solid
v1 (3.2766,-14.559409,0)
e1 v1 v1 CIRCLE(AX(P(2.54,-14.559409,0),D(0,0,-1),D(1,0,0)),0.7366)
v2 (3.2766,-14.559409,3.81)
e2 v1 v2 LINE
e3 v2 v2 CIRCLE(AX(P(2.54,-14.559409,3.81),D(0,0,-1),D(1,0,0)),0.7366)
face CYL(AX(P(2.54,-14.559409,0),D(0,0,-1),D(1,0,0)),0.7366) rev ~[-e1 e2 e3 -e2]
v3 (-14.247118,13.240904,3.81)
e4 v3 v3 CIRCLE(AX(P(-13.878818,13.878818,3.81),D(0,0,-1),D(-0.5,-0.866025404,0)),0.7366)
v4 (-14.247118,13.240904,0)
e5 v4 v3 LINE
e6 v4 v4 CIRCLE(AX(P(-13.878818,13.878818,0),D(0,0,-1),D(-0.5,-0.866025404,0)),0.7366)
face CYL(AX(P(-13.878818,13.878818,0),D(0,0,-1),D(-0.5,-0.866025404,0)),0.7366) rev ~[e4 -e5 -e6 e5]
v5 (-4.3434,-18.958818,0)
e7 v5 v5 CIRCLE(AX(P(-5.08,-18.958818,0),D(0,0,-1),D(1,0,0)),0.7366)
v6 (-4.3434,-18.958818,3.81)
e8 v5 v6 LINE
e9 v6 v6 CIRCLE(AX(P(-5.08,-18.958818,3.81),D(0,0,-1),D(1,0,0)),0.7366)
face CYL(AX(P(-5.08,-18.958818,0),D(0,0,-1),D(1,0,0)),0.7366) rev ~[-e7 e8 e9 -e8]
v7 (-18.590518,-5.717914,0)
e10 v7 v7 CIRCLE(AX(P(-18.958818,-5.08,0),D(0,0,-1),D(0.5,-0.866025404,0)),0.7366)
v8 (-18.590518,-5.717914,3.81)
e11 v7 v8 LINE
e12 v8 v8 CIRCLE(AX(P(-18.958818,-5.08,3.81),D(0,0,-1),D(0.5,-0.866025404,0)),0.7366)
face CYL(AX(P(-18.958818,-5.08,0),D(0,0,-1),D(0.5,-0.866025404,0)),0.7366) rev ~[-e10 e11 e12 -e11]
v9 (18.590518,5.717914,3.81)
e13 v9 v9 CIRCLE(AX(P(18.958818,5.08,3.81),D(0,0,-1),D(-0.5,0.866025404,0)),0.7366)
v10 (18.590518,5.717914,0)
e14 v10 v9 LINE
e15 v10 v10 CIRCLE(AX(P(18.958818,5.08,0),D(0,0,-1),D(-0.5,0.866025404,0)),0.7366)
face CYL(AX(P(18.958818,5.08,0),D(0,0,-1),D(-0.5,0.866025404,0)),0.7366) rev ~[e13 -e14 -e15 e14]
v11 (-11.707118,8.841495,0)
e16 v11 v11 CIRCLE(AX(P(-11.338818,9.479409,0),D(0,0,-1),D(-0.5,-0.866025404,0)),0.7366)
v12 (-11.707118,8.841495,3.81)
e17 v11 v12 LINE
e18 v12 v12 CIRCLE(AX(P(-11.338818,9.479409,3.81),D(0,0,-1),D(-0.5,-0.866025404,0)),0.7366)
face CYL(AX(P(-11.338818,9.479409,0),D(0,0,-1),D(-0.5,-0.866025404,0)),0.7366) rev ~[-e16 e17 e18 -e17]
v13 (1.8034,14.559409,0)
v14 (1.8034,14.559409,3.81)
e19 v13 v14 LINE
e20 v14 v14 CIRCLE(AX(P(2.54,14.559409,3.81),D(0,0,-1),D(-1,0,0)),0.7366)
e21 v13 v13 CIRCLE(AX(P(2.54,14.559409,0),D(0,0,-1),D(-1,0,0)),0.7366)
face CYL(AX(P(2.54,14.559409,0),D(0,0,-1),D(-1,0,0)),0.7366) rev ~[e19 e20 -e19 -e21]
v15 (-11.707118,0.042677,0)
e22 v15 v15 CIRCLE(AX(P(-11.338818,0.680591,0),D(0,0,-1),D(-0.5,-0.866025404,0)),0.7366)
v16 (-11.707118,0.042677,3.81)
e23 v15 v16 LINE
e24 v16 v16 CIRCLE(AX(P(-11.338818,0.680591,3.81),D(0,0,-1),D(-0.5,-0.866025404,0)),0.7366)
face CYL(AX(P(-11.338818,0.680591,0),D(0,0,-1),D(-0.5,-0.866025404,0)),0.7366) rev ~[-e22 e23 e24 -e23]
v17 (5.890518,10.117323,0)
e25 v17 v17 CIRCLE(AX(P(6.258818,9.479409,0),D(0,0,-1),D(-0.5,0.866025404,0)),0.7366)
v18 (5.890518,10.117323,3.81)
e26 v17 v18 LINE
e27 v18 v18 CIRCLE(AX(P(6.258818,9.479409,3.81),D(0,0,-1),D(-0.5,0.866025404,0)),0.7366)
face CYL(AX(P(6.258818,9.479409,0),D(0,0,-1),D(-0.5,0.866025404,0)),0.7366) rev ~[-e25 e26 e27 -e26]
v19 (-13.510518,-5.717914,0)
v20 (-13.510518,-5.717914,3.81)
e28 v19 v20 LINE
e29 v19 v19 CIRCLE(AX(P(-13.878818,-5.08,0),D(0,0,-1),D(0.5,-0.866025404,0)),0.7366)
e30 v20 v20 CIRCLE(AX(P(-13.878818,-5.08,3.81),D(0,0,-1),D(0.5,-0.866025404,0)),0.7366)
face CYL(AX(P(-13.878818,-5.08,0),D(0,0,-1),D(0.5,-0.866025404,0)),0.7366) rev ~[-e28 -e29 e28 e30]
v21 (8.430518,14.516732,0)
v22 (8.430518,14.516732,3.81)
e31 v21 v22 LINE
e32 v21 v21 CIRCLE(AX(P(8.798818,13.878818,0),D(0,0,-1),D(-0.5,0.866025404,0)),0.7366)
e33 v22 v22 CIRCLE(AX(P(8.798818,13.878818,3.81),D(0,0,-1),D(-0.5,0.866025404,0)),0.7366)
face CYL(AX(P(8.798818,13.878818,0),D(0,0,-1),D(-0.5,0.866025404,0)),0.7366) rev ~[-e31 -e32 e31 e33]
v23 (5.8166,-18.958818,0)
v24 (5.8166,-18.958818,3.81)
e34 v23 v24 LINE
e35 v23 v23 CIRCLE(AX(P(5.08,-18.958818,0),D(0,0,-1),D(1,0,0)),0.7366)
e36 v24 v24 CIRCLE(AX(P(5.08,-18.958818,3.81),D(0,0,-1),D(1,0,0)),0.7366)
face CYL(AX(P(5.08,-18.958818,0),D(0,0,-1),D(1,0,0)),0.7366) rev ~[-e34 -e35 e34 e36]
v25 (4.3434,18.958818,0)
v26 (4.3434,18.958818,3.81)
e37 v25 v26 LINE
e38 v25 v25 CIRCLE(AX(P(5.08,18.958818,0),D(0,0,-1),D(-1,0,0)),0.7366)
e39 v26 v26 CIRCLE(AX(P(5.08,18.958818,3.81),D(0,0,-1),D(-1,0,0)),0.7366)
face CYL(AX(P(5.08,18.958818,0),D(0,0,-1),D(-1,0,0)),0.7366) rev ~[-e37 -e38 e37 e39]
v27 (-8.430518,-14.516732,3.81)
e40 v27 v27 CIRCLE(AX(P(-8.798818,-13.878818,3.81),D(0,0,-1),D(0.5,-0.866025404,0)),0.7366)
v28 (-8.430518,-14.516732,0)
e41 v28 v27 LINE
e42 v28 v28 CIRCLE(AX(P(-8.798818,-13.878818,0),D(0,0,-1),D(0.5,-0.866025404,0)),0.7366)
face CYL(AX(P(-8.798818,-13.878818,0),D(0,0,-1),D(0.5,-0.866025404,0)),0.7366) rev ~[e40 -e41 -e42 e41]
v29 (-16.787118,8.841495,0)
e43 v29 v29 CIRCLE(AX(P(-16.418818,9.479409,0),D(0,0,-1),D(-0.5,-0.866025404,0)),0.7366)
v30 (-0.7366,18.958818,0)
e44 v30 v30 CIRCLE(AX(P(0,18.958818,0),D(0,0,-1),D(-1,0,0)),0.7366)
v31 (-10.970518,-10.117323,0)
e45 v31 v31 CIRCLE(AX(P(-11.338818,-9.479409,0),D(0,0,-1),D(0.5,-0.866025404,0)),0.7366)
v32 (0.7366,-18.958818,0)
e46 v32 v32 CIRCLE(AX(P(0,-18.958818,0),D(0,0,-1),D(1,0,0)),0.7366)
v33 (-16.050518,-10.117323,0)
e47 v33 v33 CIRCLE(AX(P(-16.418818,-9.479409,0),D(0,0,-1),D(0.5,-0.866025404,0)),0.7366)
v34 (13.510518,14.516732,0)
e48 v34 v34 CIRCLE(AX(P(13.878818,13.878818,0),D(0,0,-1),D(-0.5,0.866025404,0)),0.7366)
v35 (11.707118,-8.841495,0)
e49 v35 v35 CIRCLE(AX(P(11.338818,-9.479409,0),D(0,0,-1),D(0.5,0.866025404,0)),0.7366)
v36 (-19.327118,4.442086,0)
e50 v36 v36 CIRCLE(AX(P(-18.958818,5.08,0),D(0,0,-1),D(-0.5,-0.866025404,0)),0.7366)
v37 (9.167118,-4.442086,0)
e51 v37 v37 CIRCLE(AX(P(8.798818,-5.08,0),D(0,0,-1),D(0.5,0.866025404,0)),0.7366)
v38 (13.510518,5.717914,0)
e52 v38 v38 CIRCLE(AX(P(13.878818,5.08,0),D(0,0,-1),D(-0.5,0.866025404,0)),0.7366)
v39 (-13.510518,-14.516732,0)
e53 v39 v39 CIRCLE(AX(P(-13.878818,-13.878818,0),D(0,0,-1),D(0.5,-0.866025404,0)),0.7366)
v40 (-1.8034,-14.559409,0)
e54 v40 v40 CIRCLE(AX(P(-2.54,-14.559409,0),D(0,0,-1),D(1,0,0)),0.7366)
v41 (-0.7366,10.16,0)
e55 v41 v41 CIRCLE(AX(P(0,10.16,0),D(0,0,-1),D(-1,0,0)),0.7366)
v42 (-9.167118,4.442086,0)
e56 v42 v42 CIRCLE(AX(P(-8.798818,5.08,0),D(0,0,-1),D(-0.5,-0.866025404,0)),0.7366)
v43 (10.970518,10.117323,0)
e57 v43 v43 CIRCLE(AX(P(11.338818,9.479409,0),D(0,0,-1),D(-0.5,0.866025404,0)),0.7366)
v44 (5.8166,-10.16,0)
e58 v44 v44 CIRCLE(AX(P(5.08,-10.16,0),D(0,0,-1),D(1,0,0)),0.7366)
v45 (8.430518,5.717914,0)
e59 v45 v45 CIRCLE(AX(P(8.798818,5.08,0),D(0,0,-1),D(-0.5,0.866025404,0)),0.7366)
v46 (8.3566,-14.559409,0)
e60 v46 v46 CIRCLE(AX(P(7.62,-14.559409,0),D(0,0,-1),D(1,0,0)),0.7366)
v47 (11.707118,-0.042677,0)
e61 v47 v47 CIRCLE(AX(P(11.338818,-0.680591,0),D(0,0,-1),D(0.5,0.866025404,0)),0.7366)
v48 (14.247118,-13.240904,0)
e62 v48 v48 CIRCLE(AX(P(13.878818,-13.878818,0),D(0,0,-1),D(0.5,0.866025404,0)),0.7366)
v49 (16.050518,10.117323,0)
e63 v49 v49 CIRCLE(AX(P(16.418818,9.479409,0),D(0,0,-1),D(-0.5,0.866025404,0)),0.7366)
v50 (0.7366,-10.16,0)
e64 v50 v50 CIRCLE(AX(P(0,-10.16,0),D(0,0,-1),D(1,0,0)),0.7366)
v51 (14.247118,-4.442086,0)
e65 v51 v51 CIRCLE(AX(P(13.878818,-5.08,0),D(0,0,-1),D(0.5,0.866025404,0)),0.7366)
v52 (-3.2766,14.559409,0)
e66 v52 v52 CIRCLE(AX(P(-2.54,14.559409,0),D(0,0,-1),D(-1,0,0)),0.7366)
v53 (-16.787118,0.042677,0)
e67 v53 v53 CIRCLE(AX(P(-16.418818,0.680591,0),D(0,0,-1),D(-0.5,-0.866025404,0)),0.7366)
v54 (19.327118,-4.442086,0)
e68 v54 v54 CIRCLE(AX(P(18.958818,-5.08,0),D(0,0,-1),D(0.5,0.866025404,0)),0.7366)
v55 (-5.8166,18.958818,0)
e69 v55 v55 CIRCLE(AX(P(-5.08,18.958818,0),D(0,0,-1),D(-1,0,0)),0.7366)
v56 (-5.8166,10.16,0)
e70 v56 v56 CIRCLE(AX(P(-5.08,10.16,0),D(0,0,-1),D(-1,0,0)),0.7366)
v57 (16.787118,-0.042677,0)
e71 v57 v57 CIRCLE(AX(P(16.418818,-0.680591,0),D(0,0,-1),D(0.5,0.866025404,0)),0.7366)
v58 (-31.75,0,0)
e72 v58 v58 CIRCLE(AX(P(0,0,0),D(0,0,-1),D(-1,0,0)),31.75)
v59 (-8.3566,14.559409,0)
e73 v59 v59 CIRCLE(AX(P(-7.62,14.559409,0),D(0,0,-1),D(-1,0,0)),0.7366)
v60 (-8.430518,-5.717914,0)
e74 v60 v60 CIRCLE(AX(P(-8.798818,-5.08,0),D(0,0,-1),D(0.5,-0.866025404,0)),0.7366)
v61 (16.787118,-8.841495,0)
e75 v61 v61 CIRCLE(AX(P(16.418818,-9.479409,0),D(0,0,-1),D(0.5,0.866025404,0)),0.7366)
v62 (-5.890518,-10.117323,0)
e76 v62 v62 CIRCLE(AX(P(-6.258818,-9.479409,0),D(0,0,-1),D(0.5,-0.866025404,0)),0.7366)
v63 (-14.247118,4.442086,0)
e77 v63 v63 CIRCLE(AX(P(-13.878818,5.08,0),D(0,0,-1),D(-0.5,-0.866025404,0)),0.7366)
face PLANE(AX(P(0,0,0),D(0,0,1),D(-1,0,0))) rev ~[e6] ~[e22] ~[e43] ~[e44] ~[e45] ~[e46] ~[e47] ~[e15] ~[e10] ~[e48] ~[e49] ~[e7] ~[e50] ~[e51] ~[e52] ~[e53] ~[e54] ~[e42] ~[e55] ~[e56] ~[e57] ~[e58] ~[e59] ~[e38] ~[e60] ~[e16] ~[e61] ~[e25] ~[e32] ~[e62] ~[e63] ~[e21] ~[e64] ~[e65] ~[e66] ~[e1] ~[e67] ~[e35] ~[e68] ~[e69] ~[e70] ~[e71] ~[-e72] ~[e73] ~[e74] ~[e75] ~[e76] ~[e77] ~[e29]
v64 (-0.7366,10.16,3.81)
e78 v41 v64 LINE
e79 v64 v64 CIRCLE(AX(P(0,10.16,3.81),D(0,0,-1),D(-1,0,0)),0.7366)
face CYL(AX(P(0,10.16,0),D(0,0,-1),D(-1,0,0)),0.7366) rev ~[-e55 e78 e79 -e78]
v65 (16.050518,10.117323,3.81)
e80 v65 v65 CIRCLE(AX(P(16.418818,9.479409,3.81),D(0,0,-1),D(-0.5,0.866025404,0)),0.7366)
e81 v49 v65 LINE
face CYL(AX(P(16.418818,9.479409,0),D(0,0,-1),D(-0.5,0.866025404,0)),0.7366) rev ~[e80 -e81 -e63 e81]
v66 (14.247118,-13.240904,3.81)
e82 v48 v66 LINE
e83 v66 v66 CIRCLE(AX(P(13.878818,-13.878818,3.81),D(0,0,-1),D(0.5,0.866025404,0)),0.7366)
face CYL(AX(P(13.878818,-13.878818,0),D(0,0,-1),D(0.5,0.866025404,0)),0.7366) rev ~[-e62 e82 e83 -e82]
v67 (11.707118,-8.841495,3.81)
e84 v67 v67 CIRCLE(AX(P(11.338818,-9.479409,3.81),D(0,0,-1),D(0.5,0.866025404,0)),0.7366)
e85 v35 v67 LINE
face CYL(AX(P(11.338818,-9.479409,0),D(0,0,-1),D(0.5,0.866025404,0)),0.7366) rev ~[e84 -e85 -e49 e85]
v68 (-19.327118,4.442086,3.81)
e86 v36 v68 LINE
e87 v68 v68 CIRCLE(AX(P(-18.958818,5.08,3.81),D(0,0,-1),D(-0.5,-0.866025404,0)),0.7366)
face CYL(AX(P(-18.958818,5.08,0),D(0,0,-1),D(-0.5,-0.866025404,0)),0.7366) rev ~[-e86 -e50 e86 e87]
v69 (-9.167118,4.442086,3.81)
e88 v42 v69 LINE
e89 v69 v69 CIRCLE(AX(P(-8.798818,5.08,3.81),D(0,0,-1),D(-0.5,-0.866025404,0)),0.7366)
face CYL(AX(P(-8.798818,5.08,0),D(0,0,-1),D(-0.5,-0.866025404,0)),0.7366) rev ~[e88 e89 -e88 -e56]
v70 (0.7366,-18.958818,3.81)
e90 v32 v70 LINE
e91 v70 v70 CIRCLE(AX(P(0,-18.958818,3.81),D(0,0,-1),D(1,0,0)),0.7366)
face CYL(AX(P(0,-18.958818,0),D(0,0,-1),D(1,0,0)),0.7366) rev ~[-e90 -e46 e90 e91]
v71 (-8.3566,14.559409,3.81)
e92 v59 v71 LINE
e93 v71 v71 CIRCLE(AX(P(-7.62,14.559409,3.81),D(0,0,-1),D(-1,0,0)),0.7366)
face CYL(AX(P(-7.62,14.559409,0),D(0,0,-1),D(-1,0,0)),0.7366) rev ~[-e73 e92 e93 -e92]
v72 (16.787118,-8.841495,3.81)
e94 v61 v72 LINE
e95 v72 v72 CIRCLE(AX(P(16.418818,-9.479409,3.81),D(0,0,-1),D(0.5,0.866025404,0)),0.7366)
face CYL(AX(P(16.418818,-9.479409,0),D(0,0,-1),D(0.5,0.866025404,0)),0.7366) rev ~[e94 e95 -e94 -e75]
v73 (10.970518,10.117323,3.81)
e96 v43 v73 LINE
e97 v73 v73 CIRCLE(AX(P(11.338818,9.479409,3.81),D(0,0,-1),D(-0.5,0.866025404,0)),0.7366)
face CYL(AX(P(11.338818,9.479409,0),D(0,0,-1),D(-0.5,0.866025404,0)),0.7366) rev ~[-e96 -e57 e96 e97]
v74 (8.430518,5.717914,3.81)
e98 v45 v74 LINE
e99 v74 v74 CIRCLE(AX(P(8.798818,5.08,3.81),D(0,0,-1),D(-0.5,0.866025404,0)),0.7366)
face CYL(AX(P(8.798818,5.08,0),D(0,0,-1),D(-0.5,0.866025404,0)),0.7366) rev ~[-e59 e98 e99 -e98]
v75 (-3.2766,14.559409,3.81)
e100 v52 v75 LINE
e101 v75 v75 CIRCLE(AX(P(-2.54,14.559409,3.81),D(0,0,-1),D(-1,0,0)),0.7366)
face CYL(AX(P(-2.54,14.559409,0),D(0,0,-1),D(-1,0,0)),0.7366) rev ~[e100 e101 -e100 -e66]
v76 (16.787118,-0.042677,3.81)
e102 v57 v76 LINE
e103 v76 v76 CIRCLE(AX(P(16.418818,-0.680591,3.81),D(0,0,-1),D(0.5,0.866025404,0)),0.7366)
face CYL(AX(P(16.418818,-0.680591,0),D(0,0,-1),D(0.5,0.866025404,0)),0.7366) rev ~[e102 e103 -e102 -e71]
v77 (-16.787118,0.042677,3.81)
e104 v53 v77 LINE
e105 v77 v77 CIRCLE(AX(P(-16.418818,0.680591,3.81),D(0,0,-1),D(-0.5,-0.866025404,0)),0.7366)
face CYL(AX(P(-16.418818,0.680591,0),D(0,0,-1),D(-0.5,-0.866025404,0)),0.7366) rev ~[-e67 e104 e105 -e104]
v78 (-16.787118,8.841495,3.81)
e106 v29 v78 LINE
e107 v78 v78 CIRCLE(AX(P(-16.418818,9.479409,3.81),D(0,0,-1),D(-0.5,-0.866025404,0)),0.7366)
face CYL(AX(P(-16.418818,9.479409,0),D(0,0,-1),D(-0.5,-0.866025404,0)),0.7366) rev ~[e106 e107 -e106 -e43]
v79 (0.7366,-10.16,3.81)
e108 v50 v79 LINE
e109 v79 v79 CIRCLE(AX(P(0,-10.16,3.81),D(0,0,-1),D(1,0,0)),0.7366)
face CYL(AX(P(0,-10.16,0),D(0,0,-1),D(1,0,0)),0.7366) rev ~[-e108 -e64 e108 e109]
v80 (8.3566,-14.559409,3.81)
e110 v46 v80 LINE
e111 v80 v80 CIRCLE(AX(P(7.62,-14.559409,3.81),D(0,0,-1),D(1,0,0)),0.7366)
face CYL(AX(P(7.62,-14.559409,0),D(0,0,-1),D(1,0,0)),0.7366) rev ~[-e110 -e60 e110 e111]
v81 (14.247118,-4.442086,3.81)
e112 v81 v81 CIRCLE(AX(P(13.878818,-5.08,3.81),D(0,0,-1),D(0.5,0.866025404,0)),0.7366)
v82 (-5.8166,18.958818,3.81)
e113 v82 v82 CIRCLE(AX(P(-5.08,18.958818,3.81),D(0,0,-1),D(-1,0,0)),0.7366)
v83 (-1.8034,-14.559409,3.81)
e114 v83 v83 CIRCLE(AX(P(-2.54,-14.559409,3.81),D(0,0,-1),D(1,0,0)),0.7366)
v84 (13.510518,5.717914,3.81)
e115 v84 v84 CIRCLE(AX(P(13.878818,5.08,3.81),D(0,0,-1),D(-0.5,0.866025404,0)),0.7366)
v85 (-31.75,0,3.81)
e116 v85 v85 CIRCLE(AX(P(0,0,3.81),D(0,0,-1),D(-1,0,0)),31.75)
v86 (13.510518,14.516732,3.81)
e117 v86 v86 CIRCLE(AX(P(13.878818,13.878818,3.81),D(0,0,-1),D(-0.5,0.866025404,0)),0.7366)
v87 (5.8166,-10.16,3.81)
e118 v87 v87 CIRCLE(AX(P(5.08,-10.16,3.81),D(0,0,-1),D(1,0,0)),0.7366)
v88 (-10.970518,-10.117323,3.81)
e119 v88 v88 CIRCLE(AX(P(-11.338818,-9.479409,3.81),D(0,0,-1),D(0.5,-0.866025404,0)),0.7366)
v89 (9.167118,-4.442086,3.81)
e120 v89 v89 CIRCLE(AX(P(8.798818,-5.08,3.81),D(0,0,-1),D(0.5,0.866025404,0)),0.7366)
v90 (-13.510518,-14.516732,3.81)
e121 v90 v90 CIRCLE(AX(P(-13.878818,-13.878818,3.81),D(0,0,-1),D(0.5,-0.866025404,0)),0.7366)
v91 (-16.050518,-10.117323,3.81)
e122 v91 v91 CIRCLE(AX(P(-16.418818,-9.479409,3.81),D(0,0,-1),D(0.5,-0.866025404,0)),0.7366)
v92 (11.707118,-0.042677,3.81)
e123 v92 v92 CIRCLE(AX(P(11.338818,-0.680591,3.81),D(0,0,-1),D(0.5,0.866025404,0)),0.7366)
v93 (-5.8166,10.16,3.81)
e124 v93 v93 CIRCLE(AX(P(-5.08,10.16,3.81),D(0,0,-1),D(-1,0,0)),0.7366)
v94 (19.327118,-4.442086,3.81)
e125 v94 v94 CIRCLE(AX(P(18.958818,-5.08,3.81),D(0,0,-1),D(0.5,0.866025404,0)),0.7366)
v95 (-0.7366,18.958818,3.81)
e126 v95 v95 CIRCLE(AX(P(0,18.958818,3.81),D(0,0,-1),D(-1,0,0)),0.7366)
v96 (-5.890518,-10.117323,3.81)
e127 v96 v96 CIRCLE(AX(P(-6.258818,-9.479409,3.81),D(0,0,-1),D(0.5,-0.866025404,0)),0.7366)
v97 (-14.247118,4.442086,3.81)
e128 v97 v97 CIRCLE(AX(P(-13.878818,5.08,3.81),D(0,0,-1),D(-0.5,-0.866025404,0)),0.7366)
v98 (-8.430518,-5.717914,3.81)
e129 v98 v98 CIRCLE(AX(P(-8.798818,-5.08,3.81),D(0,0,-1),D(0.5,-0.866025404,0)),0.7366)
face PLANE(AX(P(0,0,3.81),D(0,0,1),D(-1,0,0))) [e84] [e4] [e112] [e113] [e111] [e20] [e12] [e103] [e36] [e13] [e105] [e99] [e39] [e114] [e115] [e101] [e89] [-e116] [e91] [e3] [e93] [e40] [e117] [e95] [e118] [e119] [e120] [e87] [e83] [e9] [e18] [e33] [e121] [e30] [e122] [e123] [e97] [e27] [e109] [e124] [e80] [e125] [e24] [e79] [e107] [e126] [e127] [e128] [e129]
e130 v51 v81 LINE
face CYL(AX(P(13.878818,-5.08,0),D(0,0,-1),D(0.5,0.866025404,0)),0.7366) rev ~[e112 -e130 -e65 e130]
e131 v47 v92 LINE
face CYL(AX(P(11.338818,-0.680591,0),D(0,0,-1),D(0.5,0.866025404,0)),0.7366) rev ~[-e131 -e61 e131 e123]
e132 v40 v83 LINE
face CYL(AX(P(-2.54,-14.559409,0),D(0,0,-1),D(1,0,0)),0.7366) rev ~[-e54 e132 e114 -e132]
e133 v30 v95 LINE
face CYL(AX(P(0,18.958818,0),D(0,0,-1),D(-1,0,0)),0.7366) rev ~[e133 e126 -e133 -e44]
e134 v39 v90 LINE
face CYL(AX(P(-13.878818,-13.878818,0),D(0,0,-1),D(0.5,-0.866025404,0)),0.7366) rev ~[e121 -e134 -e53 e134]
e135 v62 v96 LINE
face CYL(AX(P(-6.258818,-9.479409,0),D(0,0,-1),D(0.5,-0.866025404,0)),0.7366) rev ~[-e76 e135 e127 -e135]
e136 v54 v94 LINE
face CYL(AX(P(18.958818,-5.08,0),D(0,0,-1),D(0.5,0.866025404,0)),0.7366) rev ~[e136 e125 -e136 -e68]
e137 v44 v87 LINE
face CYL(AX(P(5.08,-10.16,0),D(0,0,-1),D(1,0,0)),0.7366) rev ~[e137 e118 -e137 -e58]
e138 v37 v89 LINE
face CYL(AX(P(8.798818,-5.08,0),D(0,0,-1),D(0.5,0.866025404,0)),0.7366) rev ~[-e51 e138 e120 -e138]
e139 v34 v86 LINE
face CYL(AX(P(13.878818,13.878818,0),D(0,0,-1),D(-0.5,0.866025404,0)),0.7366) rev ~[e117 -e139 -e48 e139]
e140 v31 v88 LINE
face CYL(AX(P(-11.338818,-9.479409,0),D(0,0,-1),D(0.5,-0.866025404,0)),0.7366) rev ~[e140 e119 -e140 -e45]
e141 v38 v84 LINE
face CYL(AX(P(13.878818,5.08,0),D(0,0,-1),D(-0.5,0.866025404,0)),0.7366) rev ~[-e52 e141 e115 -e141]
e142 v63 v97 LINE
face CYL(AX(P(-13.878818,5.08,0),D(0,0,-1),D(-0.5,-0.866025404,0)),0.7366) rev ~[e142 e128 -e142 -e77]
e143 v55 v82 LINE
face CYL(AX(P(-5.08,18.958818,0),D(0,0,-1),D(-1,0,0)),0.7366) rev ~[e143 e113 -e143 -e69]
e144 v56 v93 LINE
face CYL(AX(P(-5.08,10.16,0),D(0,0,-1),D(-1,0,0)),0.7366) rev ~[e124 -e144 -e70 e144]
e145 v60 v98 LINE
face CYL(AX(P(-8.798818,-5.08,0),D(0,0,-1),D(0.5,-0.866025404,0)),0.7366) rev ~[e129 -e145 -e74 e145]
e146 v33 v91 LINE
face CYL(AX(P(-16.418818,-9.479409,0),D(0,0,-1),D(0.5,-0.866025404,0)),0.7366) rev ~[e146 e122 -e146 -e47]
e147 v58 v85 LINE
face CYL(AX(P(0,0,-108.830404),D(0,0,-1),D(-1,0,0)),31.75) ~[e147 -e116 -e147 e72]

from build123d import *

# Parameters (mm, degrees)
SKETCH1_R               = 76.2
BOSS_EXTRUDE1_DEPTH     = 3.81
SKETCH2_R               = 0.7366
CUT_EXTRUDE1_DEPTH      = 108.830404339
CIRPATTERN1_COUNT       = 6
SKETCH3_R               = 6.35
CUT_EXTRUDE2_DEPTH      = 108.830404339
SKETCH5_R               = 3.175
CUT_EXTRUDE3_DEPTH      = 108.830404339
CIRPATTERN2_COUNT       = 8
SKETCH6_W               = 1.27
SKETCH6_H               = 2.54
CUT_EXTRUDE4_DEPTH      = 108.830404339
CUT_EXTRUDE4_DEPTH_BACK = 108.830404339
SKETCH7_R               = 76.2
SKETCH7_R_2             = 31.75


with BuildPart() as part:
    # Sketch1 → Boss-Extrude1 (new body)
    with BuildSketch(Plane.XY):
        with Locations(Location((0, 0, 0), (0, 0, 180))):
            Circle(SKETCH1_R)
    extrude(amount=BOSS_EXTRUDE1_DEPTH)

    # Sketch2 → Cut-Extrude1 (cut, through all)
    with BuildSketch(Plane(origin=(0, 0, 0), x_dir=(-1, 0, 0), z_dir=(0, 0, -1))):
        with Locations((0, 10.16)):
            Circle(SKETCH2_R)
        with Locations((2.54, 14.559409051)):
            Circle(SKETCH2_R)
        with Locations((5.08, 10.16)):
            Circle(SKETCH2_R)
        with Locations((7.62, 14.559409051)):
            Circle(SKETCH2_R)
        with Locations((-2.54, 14.559409051)):
            Circle(SKETCH2_R)
        with Locations((-5.08, 18.958818102)):
            Circle(SKETCH2_R)
        with Locations((0, 18.958818102)):
            Circle(SKETCH2_R)
        with Locations((5.08, 18.958818102)):
            Circle(SKETCH2_R)
    cut_extrude1 = extrude(amount=-CUT_EXTRUDE1_DEPTH, mode=Mode.SUBTRACT)

    # CirPattern1: Cut-Extrude1 ×6 about axis
    cirpattern1_axis = Axis((0, 0, 0), (0, 0, 1))
    for i in range(1, CIRPATTERN1_COUNT):
        add(cut_extrude1.rotate(cirpattern1_axis, i * 360 / CIRPATTERN1_COUNT), mode=Mode.SUBTRACT)

    # Sketch3 → Cut-Extrude2 (cut, through all)
    with BuildSketch(Plane(origin=(0, 0, 0), x_dir=(-1, 0, 0), z_dir=(0, 0, -1))):
        with Locations((41.275, 0)):
            Circle(SKETCH3_R)
        with Locations((-41.275, 0)):
            Circle(SKETCH3_R)
    extrude(amount=-CUT_EXTRUDE2_DEPTH, mode=Mode.SUBTRACT)

    # Sketch5 → Cut-Extrude3 (cut, through all)
    with BuildSketch(Plane(origin=(0, 0, 0), x_dir=(-1, 0, 0), z_dir=(0, 0, -1))):
        with Locations((66.802, 0)):
            Circle(SKETCH5_R)
    cut_extrude3 = extrude(amount=-CUT_EXTRUDE3_DEPTH, mode=Mode.SUBTRACT)

    # CirPattern2: Cut-Extrude3 ×8 about axis
    cirpattern2_axis = Axis((0, 0, 0), (0, 0, 1))
    for i in range(1, CIRPATTERN2_COUNT):
        add(cut_extrude3.rotate(cirpattern2_axis, i * 360 / CIRPATTERN2_COUNT), mode=Mode.SUBTRACT)

    # Sketch6 → Revolve1 (revolve)
    with BuildSketch(Plane(origin=(0, 0, 0), x_dir=(0, 0, -1), z_dir=(1, 0, 0))):
        with Locations((0.635, 52.07)):
            Rectangle(SKETCH6_W, SKETCH6_H)
    revolve(axis=Axis((0, 0, 0), (0, 0, 1)))

    # Sketch7 → Cut-Extrude4 (cut, two sides: drawn at the far end of the back side and taken through both)
    with BuildSketch(Plane.XY.offset(-CUT_EXTRUDE4_DEPTH_BACK)):
        Circle(SKETCH7_R)
        with Locations(Location((0, 0, 0), (0, 0, 180))):
            Circle(SKETCH7_R_2, mode=Mode.SUBTRACT)
    extrude(amount=CUT_EXTRUDE4_DEPTH + CUT_EXTRUDE4_DEPTH_BACK, mode=Mode.SUBTRACT)


solid = part.part
